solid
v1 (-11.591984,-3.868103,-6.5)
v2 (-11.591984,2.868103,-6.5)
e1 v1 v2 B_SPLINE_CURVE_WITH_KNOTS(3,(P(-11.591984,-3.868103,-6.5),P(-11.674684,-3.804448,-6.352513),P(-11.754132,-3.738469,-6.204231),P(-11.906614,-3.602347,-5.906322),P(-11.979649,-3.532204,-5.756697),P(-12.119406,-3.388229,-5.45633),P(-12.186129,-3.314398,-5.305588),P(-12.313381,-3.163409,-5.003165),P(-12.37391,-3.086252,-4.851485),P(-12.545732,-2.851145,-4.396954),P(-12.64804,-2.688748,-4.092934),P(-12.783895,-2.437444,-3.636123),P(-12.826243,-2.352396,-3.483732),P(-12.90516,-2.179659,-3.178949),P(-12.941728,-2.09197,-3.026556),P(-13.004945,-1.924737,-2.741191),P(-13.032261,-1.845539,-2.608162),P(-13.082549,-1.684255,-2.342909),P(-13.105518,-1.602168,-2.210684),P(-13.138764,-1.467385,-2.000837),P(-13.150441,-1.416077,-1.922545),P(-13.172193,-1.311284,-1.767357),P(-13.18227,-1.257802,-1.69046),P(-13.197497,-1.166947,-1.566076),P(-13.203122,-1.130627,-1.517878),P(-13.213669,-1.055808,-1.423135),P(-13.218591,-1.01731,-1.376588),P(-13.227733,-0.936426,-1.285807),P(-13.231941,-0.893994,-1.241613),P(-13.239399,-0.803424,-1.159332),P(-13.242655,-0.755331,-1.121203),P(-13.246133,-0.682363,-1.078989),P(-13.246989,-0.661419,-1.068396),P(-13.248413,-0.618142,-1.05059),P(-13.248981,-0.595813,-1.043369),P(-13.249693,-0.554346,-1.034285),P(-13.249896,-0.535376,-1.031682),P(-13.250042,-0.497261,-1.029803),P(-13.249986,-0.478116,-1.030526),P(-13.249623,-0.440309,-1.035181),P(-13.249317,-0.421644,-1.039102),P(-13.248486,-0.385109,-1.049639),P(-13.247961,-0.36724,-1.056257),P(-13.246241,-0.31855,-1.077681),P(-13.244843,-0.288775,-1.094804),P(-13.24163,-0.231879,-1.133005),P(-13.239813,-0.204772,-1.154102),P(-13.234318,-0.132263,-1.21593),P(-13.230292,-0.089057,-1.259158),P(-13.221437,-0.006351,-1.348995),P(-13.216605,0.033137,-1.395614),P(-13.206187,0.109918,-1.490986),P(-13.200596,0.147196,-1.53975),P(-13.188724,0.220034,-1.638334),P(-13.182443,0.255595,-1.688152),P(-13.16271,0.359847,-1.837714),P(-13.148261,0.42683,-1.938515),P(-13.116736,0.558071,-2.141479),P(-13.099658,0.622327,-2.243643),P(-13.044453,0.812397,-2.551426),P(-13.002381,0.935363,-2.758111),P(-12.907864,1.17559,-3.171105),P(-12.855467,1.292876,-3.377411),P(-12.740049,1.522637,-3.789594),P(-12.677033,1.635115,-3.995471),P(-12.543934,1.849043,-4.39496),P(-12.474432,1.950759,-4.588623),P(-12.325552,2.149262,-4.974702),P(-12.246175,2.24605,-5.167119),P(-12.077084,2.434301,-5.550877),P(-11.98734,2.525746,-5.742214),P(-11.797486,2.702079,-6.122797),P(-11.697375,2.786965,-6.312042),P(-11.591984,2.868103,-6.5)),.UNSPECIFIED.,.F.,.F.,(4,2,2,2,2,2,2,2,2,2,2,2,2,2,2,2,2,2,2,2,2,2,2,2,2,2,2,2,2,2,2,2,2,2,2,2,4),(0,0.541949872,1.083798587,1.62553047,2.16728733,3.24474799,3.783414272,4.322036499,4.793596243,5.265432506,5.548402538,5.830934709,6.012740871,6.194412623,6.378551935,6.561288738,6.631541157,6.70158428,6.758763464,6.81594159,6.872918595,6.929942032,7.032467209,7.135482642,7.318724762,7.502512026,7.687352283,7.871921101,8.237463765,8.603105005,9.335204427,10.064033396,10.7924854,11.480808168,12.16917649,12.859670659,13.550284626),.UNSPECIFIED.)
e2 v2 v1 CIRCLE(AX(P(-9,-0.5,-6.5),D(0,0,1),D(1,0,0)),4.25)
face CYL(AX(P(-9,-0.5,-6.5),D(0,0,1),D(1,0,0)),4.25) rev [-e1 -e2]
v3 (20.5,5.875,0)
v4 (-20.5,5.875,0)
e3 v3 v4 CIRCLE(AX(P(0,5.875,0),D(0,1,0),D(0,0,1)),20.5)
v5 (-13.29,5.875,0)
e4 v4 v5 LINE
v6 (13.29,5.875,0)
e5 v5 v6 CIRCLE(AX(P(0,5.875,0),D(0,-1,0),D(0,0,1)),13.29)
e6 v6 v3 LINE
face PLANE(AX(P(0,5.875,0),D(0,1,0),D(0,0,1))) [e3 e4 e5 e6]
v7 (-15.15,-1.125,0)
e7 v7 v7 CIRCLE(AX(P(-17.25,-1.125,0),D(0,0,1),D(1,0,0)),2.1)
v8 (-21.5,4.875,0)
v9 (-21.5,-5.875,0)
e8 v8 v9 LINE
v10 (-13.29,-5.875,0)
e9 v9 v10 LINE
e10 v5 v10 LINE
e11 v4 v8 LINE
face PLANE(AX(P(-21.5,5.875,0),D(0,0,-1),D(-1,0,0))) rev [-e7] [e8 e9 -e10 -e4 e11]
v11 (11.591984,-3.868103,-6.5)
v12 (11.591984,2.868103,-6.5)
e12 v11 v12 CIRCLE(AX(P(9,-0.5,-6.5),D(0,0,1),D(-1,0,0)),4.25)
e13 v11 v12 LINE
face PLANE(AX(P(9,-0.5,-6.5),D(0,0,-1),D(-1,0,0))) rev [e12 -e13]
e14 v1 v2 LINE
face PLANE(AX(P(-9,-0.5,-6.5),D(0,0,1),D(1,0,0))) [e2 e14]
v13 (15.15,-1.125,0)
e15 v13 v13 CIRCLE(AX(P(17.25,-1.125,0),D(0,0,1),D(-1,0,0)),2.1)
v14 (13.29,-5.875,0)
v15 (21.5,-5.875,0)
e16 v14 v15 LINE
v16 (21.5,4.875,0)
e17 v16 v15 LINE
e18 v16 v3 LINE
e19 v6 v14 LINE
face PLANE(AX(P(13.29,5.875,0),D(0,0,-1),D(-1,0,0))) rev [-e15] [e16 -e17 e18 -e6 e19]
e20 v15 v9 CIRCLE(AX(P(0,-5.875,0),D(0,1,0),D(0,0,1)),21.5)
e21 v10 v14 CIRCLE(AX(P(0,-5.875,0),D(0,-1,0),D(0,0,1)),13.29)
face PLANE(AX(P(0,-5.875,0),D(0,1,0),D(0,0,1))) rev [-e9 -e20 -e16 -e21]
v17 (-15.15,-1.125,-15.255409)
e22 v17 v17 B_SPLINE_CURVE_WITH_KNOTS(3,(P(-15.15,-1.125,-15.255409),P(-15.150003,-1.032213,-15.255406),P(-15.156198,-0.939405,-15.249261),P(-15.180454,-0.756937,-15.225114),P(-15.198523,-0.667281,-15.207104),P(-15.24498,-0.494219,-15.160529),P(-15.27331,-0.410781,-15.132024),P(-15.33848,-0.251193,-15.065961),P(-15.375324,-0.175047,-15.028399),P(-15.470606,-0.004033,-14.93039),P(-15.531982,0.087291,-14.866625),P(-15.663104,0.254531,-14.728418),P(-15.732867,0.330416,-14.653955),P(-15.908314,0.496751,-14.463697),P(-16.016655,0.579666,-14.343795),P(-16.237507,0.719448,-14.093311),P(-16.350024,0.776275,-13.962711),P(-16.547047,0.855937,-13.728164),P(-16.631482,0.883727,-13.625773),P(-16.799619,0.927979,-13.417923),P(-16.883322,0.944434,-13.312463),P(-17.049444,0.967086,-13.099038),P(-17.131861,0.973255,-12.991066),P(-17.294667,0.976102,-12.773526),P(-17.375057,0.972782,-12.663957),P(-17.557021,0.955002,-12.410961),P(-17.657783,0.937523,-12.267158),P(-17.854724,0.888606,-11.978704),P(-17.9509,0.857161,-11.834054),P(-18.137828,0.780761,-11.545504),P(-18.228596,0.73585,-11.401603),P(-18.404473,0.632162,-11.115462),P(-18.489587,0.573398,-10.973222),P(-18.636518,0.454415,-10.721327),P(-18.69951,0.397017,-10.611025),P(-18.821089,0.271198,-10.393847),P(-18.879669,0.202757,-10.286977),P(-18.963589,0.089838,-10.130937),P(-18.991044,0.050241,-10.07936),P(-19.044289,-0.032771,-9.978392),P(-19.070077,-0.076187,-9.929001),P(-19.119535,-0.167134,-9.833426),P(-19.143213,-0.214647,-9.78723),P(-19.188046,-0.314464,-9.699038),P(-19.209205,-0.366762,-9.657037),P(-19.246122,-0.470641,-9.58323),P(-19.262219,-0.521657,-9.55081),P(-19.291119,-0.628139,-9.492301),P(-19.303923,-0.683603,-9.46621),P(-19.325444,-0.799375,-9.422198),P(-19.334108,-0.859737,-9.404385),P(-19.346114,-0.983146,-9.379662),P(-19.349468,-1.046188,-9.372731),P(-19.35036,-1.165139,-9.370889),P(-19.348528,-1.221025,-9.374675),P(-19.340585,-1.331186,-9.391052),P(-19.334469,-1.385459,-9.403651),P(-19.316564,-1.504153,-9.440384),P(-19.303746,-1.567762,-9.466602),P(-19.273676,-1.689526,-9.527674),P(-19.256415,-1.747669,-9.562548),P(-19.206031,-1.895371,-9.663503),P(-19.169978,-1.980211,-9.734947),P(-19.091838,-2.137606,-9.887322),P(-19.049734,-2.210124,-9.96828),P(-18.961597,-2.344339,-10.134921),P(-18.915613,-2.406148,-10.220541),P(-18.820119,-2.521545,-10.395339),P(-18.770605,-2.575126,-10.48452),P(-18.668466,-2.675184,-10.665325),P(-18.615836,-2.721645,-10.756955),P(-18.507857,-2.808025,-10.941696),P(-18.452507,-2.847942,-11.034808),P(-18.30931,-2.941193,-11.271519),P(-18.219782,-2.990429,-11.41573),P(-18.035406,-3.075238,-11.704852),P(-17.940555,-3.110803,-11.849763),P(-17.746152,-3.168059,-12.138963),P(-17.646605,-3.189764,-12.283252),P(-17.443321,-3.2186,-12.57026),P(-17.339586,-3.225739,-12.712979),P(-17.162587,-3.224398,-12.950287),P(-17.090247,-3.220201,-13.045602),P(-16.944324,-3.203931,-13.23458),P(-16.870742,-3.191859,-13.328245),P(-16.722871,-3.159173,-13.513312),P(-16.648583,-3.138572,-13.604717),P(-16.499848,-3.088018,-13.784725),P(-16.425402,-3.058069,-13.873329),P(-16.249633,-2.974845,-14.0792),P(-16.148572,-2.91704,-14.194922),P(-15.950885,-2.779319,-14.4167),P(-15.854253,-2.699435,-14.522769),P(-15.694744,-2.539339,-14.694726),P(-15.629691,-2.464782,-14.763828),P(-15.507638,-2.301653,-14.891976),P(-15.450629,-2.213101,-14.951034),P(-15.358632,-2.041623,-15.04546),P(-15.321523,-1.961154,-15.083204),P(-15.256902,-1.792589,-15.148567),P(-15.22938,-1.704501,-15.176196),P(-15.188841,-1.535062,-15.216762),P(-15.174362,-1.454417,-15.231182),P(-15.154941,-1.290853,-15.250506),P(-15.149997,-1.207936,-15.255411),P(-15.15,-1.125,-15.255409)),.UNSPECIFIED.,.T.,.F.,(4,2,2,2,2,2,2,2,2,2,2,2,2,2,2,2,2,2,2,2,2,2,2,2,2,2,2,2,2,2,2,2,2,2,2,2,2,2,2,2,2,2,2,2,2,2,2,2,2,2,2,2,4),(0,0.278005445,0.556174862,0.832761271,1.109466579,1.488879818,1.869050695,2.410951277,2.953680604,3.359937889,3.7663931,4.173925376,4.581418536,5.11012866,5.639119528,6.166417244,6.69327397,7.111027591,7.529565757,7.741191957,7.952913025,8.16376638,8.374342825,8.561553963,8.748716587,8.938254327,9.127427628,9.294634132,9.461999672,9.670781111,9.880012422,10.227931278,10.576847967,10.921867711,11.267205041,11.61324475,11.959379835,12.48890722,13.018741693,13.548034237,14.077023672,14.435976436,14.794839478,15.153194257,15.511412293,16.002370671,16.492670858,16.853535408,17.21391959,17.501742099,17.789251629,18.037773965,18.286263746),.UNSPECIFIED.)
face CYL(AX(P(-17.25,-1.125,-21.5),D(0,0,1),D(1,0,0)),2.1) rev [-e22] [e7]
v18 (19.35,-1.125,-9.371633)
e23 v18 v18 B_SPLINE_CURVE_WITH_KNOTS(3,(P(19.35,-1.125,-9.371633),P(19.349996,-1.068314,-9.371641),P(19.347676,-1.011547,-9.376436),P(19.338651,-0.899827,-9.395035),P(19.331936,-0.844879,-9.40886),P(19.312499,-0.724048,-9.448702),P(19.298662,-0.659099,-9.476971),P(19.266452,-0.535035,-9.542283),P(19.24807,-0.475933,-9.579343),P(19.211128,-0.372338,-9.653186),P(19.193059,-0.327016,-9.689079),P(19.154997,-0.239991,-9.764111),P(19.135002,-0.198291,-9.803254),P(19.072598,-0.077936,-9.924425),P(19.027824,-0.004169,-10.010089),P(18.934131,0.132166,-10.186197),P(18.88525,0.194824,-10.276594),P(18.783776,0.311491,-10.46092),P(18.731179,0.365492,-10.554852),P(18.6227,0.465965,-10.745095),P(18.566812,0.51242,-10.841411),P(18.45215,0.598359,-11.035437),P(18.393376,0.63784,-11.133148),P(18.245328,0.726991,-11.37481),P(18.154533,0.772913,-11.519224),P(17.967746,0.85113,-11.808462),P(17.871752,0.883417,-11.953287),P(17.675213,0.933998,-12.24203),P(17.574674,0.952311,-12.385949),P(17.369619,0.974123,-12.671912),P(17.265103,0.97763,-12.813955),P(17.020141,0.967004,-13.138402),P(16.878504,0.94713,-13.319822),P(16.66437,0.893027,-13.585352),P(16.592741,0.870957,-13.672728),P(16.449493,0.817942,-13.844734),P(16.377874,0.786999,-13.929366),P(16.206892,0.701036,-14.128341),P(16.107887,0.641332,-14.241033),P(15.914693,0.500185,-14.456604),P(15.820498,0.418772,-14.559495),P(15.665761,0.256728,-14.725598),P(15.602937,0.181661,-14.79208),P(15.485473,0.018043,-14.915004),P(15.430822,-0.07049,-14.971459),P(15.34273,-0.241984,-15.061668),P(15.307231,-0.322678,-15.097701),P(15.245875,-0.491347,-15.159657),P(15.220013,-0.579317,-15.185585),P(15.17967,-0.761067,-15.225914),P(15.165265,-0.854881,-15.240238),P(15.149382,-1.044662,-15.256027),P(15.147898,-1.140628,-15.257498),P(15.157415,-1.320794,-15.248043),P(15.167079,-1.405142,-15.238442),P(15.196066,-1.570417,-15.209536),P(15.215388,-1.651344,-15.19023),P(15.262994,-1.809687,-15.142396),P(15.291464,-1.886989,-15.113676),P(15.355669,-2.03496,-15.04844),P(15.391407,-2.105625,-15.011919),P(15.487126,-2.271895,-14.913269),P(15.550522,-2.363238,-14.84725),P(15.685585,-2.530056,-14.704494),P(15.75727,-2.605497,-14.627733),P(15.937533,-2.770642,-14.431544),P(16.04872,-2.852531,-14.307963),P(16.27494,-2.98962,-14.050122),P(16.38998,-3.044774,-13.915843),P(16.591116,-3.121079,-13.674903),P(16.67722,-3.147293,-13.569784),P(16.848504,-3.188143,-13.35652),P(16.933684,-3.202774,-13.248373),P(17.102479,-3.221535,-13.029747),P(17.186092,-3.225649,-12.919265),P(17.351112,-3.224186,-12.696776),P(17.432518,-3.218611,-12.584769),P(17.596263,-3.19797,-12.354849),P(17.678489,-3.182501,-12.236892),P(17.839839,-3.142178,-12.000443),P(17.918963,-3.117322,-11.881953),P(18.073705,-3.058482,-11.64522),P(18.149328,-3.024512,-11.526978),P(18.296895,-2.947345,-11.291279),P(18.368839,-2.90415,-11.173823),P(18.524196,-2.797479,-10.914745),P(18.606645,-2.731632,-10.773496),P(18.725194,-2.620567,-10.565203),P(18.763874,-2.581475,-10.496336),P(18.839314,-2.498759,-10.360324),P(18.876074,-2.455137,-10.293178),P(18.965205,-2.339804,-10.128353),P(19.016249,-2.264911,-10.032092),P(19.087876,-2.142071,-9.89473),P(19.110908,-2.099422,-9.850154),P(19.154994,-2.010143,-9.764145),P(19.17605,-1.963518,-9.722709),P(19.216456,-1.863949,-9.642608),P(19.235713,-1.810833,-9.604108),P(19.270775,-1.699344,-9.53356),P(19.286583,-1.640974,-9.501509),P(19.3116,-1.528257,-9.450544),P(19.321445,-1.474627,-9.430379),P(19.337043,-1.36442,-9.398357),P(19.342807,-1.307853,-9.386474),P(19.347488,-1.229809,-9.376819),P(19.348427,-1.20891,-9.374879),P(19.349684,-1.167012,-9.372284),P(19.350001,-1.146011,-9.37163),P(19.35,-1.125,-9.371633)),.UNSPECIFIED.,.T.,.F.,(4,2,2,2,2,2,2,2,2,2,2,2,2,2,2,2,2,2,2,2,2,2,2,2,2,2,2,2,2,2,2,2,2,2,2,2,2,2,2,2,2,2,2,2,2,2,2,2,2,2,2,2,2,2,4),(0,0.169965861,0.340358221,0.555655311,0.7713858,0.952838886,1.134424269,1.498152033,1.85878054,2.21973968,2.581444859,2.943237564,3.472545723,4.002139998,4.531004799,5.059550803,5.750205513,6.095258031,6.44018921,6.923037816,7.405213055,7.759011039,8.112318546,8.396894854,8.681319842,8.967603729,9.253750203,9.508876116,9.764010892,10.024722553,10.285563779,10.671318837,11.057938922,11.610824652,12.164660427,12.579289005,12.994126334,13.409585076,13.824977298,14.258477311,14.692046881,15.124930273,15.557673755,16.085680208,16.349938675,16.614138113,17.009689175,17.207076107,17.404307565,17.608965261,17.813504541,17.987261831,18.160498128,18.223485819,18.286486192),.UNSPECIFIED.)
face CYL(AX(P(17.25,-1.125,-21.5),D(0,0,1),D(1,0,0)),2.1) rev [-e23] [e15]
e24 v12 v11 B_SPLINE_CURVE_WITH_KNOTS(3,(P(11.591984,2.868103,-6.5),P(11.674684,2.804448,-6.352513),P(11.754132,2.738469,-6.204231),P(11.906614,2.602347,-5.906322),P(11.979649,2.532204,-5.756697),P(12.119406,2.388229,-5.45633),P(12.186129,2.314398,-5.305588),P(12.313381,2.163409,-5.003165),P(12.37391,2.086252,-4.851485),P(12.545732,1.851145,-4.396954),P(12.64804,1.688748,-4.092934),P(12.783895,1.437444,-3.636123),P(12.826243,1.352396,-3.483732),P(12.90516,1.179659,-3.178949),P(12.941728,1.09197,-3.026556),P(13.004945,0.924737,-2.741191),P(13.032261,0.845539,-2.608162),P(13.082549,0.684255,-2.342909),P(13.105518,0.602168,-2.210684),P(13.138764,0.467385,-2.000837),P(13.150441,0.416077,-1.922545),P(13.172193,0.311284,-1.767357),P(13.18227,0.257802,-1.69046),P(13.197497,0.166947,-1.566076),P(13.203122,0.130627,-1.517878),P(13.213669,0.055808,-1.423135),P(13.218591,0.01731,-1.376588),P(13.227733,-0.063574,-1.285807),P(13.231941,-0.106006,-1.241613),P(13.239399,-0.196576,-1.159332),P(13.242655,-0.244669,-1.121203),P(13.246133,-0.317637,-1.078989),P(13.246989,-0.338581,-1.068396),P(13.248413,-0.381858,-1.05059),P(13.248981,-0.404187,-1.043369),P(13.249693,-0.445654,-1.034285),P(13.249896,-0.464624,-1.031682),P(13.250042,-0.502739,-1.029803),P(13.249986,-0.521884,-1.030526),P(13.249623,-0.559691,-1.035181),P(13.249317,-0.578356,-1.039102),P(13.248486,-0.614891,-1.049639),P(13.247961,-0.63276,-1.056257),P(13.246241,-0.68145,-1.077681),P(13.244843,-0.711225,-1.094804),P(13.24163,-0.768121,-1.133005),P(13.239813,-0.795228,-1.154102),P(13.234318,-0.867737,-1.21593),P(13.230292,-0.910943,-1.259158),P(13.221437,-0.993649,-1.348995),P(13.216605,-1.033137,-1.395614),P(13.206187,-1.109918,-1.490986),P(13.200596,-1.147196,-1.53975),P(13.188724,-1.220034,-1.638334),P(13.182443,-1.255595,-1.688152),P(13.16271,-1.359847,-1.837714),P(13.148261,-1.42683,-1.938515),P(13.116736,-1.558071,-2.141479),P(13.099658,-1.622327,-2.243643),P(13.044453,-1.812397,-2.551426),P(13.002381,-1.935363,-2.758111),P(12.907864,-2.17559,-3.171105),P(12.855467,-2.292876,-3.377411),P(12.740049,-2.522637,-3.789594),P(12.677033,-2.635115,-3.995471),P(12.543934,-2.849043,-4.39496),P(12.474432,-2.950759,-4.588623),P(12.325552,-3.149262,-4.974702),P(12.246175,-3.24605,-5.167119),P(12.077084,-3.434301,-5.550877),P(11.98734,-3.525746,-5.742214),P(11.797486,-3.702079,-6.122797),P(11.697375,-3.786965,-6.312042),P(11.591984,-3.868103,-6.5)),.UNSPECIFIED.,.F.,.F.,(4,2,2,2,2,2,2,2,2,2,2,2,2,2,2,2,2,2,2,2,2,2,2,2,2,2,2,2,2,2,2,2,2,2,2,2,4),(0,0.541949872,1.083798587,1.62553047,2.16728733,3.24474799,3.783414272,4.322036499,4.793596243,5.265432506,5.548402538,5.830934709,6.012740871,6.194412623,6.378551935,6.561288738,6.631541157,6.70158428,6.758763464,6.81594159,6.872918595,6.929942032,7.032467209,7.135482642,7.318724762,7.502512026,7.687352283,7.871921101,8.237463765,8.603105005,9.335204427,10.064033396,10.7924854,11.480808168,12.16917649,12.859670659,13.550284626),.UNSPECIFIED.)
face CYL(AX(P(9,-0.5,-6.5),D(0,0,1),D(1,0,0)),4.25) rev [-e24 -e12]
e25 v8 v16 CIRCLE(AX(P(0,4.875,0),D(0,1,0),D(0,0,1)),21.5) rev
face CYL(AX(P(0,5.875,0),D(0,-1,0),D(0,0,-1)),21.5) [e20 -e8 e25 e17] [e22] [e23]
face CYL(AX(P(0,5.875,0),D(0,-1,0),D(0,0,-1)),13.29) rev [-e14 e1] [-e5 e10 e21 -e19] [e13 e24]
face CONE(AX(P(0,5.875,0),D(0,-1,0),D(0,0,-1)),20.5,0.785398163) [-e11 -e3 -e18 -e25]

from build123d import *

# Parameters (mm, degrees)
BOSS_EXTRUDE1_DEPTH = 5.875
CHAMFER1_SIZE       = 1
SKETCH2_R           = 2.1
CUT_EXTRUDE1_DEPTH  = 22.5
SKETCH3_R           = 4.25
CUT_EXTRUDE2_DEPTH  = 6.5


with BuildPart() as part:
    # Sketch1 → Boss-Extrude1 (new body, symmetric)
    with BuildSketch(Plane(origin=(0, 0, 0), x_dir=(1, 0, 0), z_dir=(0, 1, 0))):
        with BuildLine():
            Line((-21.5, 0), (-13.29, 0))
            ThreePointArc((-13.29, 0), (0, 13.29), (13.29, 0))
            Line((13.29, 0), (21.5, 0))
            ThreePointArc((21.5, 0), (0, 21.5), (-21.5, 0))
        make_face()
    extrude(amount=BOSS_EXTRUDE1_DEPTH, both=True)

    # Chamfer1
    chamfer1_edges = [part.edges().sort_by_distance(p)[0] for p in [
        (0, 5.875, -21.5),
    ]]
    chamfer(chamfer1_edges, length=CHAMFER1_SIZE)

    # Sketch2 → Cut-Extrude1 (cut, through all)
    with BuildSketch(Plane.XY):
        with Locations((-17.25, -1.125)):
            Circle(SKETCH2_R)
        with Locations((17.25, -1.125)):
            Circle(SKETCH2_R)
    extrude(amount=-CUT_EXTRUDE1_DEPTH, mode=Mode.SUBTRACT)

    # Sketch3 → Cut-Extrude2 (cut)
    with BuildSketch(Plane.XY):
        with Locations((-9, -0.5)):
            Circle(SKETCH3_R)
        with Locations((9, -0.5)):
            Circle(SKETCH3_R)
    extrude(amount=-CUT_EXTRUDE2_DEPTH, mode=Mode.SUBTRACT)


solid = part.part
